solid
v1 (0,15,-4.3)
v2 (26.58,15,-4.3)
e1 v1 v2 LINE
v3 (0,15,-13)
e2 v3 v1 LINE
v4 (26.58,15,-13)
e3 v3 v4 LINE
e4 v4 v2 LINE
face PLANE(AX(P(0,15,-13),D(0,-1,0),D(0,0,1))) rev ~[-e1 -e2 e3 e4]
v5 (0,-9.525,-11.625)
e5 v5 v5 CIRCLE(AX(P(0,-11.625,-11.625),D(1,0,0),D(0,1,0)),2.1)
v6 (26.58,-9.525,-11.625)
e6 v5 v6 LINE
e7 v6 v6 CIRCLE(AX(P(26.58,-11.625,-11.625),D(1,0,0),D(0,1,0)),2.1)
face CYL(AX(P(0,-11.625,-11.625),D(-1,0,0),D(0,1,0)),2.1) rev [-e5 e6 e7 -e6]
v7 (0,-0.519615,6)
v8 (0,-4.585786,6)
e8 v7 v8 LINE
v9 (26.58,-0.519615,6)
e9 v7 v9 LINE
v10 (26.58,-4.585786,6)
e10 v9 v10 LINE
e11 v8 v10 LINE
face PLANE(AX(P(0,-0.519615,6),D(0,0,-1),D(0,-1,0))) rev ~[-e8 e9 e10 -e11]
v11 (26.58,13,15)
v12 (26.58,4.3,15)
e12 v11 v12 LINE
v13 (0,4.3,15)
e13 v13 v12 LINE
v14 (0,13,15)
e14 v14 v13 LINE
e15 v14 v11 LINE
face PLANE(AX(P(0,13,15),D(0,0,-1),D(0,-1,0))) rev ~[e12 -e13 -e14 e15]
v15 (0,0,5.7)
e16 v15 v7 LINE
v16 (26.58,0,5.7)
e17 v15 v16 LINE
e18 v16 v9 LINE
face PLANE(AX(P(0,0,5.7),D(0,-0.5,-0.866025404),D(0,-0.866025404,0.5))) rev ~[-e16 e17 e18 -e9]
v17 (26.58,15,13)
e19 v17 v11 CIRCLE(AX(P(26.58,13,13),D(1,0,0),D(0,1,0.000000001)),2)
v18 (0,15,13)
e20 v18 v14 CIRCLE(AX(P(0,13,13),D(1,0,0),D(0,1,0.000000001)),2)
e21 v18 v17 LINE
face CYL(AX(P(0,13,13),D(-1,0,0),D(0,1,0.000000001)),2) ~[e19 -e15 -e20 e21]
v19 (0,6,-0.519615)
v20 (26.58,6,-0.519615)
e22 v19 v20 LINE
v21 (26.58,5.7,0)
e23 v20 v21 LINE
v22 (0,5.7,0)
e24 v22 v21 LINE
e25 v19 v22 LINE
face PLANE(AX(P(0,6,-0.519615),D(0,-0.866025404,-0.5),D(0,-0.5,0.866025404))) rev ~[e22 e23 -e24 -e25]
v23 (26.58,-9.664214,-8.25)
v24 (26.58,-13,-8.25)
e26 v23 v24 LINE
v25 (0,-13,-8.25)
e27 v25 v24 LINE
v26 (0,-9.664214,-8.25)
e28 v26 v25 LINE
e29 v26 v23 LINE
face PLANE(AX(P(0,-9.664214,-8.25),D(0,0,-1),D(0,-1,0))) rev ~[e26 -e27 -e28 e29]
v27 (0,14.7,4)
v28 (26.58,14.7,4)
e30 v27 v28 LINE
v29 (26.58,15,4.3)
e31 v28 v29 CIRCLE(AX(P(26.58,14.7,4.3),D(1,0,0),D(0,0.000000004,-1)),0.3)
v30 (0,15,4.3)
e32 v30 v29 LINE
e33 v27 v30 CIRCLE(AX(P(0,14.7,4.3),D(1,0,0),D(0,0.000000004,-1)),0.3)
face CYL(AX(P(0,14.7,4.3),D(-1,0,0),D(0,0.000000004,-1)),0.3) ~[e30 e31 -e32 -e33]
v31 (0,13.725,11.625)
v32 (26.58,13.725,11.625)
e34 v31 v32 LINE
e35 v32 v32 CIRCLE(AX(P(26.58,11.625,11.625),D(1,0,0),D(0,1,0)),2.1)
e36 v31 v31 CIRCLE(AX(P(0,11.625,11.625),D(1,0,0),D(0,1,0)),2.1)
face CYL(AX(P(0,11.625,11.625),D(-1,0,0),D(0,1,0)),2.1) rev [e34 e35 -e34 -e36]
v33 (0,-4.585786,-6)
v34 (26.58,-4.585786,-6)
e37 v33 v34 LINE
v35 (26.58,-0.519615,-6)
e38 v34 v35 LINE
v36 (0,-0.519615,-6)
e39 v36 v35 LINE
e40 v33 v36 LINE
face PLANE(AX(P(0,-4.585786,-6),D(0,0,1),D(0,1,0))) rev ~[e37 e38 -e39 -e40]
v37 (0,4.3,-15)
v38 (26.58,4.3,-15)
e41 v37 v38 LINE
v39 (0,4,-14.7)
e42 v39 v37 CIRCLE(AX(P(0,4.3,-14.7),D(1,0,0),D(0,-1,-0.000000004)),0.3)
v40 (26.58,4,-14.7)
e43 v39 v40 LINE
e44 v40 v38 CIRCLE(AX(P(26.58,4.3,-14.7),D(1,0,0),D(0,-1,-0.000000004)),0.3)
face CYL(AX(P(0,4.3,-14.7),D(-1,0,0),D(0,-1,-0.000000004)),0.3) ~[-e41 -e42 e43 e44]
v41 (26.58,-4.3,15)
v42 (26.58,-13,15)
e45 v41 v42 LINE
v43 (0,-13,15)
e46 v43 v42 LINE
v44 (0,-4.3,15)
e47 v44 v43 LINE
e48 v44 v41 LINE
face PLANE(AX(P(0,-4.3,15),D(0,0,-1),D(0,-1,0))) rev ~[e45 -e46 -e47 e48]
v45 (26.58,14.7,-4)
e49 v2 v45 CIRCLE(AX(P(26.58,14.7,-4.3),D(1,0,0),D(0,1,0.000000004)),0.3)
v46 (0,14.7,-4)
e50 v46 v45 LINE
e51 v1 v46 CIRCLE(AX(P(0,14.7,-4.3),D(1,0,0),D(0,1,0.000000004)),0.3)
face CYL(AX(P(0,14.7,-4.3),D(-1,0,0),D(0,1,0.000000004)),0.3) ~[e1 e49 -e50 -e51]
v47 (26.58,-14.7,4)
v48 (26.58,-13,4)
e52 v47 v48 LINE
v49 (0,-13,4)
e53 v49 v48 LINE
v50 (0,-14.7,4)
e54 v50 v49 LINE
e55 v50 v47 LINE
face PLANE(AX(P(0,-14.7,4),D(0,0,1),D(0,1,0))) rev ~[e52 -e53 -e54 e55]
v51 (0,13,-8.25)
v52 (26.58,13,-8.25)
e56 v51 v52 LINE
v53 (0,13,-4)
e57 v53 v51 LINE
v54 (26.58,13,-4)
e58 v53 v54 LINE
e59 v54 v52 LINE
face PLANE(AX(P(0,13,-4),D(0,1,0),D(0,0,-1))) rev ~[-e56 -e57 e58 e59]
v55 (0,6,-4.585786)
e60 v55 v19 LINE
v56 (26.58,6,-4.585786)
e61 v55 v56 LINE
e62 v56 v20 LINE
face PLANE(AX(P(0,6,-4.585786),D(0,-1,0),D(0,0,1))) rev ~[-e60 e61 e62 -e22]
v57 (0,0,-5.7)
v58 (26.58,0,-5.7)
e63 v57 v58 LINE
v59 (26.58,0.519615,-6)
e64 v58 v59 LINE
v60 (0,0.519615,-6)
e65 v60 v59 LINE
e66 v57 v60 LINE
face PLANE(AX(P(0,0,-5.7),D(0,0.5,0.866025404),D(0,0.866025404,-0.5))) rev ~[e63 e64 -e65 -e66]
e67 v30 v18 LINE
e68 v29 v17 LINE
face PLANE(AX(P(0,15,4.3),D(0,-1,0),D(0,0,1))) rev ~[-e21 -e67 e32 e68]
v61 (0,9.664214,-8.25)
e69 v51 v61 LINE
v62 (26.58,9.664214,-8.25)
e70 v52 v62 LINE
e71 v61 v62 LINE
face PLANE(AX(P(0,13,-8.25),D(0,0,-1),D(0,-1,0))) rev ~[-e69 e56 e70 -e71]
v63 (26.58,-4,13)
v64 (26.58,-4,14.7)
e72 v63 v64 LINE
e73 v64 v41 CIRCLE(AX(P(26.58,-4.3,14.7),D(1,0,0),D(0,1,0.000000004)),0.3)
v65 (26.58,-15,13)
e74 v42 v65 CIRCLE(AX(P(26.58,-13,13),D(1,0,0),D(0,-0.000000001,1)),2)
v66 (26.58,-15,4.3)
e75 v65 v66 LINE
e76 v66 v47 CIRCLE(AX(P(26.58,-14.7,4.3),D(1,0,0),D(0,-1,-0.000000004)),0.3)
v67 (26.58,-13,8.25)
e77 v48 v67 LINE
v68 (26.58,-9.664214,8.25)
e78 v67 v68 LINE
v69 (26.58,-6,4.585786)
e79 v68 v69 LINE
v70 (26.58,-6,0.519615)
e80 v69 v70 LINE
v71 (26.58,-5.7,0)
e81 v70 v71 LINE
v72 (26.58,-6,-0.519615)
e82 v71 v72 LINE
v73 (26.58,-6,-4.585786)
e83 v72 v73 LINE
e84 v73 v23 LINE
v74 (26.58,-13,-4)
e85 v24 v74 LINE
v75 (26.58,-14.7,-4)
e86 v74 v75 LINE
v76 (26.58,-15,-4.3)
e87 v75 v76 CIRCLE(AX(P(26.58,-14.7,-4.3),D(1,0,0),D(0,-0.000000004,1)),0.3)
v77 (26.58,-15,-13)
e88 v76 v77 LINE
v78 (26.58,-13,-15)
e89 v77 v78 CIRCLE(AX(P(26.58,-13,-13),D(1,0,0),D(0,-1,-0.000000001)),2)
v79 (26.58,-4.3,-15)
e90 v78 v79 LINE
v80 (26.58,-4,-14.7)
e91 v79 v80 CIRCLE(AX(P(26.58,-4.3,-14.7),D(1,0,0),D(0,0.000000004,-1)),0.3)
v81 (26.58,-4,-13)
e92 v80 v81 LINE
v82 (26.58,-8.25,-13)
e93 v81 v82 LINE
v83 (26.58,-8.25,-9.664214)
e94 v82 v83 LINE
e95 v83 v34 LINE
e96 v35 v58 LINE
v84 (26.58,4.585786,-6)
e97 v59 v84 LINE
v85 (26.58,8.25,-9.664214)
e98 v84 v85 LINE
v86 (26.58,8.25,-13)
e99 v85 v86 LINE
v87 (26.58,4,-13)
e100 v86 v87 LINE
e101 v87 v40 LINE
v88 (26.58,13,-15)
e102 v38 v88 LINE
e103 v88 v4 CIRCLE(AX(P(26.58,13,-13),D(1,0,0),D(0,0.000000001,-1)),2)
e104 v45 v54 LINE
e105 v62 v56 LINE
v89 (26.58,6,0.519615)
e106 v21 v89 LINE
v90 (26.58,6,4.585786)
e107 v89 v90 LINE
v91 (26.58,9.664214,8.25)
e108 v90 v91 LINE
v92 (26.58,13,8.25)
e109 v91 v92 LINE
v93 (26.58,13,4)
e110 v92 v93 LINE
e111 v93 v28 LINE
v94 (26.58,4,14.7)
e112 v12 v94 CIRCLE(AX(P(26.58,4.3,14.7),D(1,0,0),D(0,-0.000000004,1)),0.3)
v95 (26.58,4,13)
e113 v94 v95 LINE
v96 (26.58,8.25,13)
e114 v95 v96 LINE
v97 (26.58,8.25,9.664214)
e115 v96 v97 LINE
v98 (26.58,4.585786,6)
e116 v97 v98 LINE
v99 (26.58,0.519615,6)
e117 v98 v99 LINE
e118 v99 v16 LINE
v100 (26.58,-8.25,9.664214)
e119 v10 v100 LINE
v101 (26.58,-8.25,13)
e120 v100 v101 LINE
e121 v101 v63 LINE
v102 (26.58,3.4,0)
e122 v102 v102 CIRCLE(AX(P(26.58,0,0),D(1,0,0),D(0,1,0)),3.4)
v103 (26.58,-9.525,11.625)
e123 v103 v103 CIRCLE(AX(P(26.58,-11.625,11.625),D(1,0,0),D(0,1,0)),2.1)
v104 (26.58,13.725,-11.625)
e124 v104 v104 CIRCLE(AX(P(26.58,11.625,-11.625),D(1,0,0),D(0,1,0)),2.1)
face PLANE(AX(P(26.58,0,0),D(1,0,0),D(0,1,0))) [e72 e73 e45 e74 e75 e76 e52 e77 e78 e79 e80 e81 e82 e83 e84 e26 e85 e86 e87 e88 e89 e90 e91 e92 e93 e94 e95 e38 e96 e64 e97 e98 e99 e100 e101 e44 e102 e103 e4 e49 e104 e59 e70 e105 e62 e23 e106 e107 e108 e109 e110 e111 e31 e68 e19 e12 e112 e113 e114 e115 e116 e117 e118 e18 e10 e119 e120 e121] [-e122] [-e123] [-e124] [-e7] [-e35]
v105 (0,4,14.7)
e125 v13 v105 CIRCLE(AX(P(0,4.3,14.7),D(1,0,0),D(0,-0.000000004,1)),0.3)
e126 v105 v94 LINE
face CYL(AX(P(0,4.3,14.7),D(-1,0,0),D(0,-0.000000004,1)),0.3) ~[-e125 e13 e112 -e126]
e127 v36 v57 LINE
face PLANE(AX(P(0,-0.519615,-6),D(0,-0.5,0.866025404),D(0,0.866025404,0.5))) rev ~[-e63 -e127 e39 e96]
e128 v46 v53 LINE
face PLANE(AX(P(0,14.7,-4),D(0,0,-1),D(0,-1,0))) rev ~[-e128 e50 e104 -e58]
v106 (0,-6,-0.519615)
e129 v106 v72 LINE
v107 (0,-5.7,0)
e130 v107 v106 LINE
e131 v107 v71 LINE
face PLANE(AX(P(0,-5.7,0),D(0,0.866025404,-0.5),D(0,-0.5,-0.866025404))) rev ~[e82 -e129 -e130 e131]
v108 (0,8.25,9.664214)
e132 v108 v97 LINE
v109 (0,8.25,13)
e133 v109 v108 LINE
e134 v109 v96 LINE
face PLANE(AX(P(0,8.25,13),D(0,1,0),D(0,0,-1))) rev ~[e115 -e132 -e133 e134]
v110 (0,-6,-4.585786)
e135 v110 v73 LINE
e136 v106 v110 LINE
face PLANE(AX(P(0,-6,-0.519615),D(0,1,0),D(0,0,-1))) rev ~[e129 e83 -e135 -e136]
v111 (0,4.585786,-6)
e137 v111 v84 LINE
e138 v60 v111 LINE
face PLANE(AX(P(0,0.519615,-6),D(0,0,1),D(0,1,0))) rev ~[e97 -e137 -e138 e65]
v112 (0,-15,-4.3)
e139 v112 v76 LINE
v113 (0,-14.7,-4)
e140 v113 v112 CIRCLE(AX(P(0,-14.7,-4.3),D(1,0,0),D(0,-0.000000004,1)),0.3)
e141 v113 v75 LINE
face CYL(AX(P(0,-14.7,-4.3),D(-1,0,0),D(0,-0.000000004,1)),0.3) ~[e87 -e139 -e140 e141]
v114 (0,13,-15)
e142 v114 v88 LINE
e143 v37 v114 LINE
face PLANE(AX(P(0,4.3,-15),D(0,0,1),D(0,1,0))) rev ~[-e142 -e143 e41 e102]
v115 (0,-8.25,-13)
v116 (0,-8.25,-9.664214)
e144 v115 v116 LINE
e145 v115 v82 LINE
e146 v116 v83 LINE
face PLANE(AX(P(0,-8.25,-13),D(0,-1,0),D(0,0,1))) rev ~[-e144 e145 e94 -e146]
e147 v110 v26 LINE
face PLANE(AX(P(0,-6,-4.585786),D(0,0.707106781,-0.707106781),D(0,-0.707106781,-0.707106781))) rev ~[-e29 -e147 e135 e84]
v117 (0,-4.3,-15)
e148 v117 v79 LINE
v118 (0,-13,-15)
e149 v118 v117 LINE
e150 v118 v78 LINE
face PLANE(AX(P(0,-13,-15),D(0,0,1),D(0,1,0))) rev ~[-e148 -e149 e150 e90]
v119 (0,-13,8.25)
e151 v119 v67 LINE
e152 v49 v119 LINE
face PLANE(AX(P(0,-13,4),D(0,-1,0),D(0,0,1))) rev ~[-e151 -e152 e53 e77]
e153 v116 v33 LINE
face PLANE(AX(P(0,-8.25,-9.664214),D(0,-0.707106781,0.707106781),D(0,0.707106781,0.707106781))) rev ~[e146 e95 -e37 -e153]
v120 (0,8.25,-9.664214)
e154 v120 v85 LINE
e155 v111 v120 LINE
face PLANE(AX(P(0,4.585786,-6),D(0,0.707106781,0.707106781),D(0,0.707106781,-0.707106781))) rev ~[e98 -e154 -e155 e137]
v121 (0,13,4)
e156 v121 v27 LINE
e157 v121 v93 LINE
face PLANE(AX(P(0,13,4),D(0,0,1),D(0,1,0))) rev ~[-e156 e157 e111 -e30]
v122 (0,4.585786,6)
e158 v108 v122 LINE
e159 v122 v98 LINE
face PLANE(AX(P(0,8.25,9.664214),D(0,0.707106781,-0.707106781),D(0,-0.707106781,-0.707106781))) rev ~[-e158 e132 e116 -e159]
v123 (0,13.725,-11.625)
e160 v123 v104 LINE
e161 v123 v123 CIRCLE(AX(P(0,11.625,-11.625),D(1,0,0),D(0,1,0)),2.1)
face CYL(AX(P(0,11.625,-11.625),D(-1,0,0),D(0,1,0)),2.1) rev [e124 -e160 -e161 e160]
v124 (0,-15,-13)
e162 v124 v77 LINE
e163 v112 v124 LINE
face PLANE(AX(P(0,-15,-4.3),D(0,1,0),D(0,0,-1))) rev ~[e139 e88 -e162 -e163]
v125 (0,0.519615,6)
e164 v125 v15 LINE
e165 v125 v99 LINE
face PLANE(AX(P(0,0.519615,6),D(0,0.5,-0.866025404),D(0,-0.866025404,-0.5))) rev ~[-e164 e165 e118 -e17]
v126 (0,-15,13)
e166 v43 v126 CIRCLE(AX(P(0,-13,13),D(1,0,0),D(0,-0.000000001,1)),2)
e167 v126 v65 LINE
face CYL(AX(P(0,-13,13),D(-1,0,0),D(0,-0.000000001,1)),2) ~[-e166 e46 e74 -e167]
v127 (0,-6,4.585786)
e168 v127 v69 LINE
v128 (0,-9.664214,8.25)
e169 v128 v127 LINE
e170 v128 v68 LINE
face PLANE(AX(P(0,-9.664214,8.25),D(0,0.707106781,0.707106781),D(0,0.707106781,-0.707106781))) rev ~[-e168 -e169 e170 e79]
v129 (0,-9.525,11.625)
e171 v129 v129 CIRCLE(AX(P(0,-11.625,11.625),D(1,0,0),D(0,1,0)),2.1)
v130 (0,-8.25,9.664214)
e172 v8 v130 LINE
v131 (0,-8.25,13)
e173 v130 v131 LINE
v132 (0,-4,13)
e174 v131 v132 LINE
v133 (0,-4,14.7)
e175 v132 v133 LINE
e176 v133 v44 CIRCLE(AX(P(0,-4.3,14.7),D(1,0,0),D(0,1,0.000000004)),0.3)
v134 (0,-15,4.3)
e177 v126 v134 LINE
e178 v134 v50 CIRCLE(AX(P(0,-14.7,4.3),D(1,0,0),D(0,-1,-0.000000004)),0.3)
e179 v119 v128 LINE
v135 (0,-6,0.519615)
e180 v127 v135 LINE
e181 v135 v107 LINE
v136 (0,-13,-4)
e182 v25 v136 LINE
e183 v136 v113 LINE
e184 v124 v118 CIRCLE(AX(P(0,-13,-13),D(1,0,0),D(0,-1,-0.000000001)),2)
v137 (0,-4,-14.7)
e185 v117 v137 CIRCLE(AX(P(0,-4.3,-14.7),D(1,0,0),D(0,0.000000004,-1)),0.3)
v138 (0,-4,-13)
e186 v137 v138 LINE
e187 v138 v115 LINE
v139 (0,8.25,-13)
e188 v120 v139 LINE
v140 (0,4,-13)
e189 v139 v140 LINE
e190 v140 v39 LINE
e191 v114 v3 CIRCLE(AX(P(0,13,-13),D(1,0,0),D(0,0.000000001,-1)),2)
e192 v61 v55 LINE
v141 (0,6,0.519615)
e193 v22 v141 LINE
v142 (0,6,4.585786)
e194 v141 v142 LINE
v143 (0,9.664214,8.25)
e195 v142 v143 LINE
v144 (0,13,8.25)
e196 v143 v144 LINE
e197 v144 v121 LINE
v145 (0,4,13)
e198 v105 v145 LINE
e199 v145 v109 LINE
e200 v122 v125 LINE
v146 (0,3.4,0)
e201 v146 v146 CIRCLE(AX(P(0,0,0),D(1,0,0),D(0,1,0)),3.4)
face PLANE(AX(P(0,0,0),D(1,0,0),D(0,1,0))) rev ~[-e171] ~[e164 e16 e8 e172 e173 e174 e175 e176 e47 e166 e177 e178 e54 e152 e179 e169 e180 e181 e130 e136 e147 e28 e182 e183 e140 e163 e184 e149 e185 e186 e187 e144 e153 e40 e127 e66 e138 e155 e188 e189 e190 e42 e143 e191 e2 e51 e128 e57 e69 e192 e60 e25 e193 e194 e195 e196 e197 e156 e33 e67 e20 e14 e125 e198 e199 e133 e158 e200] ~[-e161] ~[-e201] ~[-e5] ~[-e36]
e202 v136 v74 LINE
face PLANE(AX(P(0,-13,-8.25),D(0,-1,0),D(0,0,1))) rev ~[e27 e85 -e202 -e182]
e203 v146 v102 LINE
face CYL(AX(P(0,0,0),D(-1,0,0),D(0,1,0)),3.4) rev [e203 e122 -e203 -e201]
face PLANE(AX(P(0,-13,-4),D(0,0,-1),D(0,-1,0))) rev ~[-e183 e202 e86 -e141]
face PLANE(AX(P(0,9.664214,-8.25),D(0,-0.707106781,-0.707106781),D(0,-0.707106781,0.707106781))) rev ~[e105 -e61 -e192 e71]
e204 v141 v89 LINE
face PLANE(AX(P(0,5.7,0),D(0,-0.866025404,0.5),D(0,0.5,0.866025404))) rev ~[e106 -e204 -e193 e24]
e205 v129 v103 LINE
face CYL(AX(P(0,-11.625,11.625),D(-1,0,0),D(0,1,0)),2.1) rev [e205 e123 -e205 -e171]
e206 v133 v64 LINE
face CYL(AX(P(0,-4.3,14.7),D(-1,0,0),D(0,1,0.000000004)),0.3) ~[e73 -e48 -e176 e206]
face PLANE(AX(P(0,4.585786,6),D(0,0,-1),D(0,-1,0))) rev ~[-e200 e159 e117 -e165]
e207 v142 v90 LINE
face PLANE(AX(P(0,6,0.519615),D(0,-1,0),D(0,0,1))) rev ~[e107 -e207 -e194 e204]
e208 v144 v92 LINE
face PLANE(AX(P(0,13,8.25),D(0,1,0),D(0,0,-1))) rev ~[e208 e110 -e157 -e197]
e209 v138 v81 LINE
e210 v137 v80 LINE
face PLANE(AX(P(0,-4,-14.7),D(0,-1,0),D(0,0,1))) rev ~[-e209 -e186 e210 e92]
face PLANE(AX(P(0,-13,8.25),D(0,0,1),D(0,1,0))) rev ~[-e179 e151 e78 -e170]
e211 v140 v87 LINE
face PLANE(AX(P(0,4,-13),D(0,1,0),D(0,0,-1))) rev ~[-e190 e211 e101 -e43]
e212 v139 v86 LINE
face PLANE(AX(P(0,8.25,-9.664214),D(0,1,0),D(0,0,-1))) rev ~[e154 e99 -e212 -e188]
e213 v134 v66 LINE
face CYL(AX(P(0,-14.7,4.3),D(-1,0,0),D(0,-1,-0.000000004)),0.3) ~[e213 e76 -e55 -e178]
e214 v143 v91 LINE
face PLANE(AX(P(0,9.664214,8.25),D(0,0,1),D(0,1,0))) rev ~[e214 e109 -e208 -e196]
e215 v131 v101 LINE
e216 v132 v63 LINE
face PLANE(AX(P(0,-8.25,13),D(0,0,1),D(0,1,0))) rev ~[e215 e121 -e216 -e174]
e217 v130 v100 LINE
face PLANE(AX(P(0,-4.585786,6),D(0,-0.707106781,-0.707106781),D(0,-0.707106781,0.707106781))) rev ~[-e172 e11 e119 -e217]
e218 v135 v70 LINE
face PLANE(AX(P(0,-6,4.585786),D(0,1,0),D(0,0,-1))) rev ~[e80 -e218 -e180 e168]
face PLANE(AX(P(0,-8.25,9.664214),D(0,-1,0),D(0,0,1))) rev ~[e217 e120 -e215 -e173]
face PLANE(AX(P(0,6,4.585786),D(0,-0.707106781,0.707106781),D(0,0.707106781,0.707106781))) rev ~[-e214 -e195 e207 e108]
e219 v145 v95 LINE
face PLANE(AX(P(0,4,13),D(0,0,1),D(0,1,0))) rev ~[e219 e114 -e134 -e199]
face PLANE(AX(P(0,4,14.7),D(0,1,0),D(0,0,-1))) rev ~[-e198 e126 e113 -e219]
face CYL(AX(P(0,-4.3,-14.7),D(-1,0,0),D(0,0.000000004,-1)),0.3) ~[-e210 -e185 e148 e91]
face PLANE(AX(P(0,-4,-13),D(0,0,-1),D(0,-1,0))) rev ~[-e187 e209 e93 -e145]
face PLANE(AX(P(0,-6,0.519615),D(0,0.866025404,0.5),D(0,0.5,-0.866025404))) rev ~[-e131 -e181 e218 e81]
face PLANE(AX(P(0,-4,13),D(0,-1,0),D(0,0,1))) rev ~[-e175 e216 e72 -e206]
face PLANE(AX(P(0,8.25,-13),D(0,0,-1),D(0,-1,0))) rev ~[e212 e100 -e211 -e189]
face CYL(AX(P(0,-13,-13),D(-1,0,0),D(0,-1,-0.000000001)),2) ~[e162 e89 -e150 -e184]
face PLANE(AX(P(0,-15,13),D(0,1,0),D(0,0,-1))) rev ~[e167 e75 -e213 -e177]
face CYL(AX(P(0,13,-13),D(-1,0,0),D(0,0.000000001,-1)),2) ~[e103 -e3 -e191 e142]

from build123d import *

# Parameters (mm, degrees)
SKETCH_1_R              = 2.1
SKETCH_1_R_2            = 3.4
F_30XS6_30X30S6_1_DEPTH = 26.58


with BuildPart() as part:
    # 草图1 → 30xs6 30X30S6(1) (new body)
    with BuildSketch(Plane.YZ):
        with BuildLine():
            Line((-14.7, 4), (-13, 4))
            Line((-13, 4), (-13, 8.25))
            Line((-13, 8.25), (-9.664213562, 8.25))
            Line((-9.664213562, 8.25), (-6, 4.585786438))
            Line((-6, 4.585786438), (-6, 0.519615242))
            Line((-6, 0.519615242), (-5.7, 0))
            Line((-5.7, 0), (-6, -0.519615242))
            Line((-6, -0.519615242), (-6, -4.585786438))
            Line((-6, -4.585786438), (-9.664213562, -8.25))
            Line((-9.664213562, -8.25), (-13, -8.25))
            Line((-13, -8.25), (-13, -4))
            Line((-13, -4), (-14.7, -4))
            ThreePointArc((-14.7, -4), (-14.912132034, -4.087867966), (-15, -4.3))
            Line((-15, -4.3), (-15, -13))
            ThreePointArc((-15, -13), (-14.414213562, -14.414213562), (-13, -15))
            Line((-13, -15), (-4.3, -15))
            ThreePointArc((-4.3, -15), (-4.087867966, -14.912132034), (-4, -14.7))
            Line((-4, -14.7), (-4, -13))
            Line((-4, -13), (-8.25, -13))
            Line((-8.25, -13), (-8.25, -9.664213562))
            Line((-8.25, -9.664213562), (-4.585786438, -6))
            Line((-4.585786438, -6), (-0.519615242, -6))
            Line((-0.519615242, -6), (0, -5.7))
            Line((0, -5.7), (0.519615242, -6))
            Line((0.519615242, -6), (4.585786438, -6))
            Line((4.585786438, -6), (8.25, -9.664213562))
            Line((8.25, -9.664213562), (8.25, -13))
            Line((8.25, -13), (4, -13))
            Line((4, -13), (4, -14.7))
            ThreePointArc((4, -14.7), (4.087867966, -14.912132034), (4.3, -15))
            Line((4.3, -15), (13, -15))
            ThreePointArc((13, -15), (14.414213562, -14.414213562), (15, -13))
            Line((15, -13), (15, -4.3))
            ThreePointArc((15, -4.3), (14.912132034, -4.087867966), (14.7, -4))
            Line((14.7, -4), (13, -4))
            Line((13, -4), (13, -8.25))
            Line((13, -8.25), (9.664213562, -8.25))
            Line((9.664213562, -8.25), (6, -4.585786438))
            Line((6, -4.585786438), (6, -0.519615242))
            Line((6, -0.519615242), (5.7, 0))
            Line((5.7, 0), (6, 0.519615242))
            Line((6, 0.519615242), (6, 4.585786438))
            Line((6, 4.585786438), (9.664213562, 8.25))
            Line((9.664213562, 8.25), (13, 8.25))
            Line((13, 8.25), (13, 4))
            Line((13, 4), (14.7, 4))
            ThreePointArc((14.7, 4), (14.912132034, 4.087867966), (15, 4.3))
            Line((15, 4.3), (15, 13))
            ThreePointArc((15, 13), (14.414213562, 14.414213562), (13, 15))
            Line((13, 15), (4.3, 15))
            ThreePointArc((4.3, 15), (4.087867966, 14.912132034), (4, 14.7))
            Line((4, 14.7), (4, 13))
            Line((4, 13), (8.25, 13))
            Line((8.25, 13), (8.25, 9.664213562))
            Line((8.25, 9.664213562), (4.585786438, 6))
            Line((4.585786438, 6), (0.519615242, 6))
            Line((0.519615242, 6), (0, 5.7))
            Line((0, 5.7), (-0.519615242, 6))
            Line((-0.519615242, 6), (-4.585786438, 6))
            Line((-4.585786438, 6), (-8.25, 9.664213562))
            Line((-8.25, 9.664213562), (-8.25, 13))
            Line((-8.25, 13), (-4, 13))
            Line((-4, 13), (-4, 14.7))
            ThreePointArc((-4, 14.7), (-4.087867966, 14.912132034), (-4.3, 15))
            Line((-4.3, 15), (-13, 15))
            ThreePointArc((-13, 15), (-14.414213562, 14.414213562), (-15, 13))
            Line((-15, 13), (-15, 4.3))
            ThreePointArc((-15, 4.3), (-14.912132034, 4.087867966), (-14.7, 4))
        make_face()
        with Locations((11.625, 11.625)):
            Circle(SKETCH_1_R, mode=Mode.SUBTRACT)
        with Locations((11.625, -11.625)):
            Circle(SKETCH_1_R, mode=Mode.SUBTRACT)
        Circle(SKETCH_1_R_2, mode=Mode.SUBTRACT)
        with Locations((-11.625, -11.625)):
            Circle(SKETCH_1_R, mode=Mode.SUBTRACT)
        with Locations((-11.625, 11.625)):
            Circle(SKETCH_1_R, mode=Mode.SUBTRACT)
    extrude(amount=F_30XS6_30X30S6_1_DEPTH)


solid = part.part
